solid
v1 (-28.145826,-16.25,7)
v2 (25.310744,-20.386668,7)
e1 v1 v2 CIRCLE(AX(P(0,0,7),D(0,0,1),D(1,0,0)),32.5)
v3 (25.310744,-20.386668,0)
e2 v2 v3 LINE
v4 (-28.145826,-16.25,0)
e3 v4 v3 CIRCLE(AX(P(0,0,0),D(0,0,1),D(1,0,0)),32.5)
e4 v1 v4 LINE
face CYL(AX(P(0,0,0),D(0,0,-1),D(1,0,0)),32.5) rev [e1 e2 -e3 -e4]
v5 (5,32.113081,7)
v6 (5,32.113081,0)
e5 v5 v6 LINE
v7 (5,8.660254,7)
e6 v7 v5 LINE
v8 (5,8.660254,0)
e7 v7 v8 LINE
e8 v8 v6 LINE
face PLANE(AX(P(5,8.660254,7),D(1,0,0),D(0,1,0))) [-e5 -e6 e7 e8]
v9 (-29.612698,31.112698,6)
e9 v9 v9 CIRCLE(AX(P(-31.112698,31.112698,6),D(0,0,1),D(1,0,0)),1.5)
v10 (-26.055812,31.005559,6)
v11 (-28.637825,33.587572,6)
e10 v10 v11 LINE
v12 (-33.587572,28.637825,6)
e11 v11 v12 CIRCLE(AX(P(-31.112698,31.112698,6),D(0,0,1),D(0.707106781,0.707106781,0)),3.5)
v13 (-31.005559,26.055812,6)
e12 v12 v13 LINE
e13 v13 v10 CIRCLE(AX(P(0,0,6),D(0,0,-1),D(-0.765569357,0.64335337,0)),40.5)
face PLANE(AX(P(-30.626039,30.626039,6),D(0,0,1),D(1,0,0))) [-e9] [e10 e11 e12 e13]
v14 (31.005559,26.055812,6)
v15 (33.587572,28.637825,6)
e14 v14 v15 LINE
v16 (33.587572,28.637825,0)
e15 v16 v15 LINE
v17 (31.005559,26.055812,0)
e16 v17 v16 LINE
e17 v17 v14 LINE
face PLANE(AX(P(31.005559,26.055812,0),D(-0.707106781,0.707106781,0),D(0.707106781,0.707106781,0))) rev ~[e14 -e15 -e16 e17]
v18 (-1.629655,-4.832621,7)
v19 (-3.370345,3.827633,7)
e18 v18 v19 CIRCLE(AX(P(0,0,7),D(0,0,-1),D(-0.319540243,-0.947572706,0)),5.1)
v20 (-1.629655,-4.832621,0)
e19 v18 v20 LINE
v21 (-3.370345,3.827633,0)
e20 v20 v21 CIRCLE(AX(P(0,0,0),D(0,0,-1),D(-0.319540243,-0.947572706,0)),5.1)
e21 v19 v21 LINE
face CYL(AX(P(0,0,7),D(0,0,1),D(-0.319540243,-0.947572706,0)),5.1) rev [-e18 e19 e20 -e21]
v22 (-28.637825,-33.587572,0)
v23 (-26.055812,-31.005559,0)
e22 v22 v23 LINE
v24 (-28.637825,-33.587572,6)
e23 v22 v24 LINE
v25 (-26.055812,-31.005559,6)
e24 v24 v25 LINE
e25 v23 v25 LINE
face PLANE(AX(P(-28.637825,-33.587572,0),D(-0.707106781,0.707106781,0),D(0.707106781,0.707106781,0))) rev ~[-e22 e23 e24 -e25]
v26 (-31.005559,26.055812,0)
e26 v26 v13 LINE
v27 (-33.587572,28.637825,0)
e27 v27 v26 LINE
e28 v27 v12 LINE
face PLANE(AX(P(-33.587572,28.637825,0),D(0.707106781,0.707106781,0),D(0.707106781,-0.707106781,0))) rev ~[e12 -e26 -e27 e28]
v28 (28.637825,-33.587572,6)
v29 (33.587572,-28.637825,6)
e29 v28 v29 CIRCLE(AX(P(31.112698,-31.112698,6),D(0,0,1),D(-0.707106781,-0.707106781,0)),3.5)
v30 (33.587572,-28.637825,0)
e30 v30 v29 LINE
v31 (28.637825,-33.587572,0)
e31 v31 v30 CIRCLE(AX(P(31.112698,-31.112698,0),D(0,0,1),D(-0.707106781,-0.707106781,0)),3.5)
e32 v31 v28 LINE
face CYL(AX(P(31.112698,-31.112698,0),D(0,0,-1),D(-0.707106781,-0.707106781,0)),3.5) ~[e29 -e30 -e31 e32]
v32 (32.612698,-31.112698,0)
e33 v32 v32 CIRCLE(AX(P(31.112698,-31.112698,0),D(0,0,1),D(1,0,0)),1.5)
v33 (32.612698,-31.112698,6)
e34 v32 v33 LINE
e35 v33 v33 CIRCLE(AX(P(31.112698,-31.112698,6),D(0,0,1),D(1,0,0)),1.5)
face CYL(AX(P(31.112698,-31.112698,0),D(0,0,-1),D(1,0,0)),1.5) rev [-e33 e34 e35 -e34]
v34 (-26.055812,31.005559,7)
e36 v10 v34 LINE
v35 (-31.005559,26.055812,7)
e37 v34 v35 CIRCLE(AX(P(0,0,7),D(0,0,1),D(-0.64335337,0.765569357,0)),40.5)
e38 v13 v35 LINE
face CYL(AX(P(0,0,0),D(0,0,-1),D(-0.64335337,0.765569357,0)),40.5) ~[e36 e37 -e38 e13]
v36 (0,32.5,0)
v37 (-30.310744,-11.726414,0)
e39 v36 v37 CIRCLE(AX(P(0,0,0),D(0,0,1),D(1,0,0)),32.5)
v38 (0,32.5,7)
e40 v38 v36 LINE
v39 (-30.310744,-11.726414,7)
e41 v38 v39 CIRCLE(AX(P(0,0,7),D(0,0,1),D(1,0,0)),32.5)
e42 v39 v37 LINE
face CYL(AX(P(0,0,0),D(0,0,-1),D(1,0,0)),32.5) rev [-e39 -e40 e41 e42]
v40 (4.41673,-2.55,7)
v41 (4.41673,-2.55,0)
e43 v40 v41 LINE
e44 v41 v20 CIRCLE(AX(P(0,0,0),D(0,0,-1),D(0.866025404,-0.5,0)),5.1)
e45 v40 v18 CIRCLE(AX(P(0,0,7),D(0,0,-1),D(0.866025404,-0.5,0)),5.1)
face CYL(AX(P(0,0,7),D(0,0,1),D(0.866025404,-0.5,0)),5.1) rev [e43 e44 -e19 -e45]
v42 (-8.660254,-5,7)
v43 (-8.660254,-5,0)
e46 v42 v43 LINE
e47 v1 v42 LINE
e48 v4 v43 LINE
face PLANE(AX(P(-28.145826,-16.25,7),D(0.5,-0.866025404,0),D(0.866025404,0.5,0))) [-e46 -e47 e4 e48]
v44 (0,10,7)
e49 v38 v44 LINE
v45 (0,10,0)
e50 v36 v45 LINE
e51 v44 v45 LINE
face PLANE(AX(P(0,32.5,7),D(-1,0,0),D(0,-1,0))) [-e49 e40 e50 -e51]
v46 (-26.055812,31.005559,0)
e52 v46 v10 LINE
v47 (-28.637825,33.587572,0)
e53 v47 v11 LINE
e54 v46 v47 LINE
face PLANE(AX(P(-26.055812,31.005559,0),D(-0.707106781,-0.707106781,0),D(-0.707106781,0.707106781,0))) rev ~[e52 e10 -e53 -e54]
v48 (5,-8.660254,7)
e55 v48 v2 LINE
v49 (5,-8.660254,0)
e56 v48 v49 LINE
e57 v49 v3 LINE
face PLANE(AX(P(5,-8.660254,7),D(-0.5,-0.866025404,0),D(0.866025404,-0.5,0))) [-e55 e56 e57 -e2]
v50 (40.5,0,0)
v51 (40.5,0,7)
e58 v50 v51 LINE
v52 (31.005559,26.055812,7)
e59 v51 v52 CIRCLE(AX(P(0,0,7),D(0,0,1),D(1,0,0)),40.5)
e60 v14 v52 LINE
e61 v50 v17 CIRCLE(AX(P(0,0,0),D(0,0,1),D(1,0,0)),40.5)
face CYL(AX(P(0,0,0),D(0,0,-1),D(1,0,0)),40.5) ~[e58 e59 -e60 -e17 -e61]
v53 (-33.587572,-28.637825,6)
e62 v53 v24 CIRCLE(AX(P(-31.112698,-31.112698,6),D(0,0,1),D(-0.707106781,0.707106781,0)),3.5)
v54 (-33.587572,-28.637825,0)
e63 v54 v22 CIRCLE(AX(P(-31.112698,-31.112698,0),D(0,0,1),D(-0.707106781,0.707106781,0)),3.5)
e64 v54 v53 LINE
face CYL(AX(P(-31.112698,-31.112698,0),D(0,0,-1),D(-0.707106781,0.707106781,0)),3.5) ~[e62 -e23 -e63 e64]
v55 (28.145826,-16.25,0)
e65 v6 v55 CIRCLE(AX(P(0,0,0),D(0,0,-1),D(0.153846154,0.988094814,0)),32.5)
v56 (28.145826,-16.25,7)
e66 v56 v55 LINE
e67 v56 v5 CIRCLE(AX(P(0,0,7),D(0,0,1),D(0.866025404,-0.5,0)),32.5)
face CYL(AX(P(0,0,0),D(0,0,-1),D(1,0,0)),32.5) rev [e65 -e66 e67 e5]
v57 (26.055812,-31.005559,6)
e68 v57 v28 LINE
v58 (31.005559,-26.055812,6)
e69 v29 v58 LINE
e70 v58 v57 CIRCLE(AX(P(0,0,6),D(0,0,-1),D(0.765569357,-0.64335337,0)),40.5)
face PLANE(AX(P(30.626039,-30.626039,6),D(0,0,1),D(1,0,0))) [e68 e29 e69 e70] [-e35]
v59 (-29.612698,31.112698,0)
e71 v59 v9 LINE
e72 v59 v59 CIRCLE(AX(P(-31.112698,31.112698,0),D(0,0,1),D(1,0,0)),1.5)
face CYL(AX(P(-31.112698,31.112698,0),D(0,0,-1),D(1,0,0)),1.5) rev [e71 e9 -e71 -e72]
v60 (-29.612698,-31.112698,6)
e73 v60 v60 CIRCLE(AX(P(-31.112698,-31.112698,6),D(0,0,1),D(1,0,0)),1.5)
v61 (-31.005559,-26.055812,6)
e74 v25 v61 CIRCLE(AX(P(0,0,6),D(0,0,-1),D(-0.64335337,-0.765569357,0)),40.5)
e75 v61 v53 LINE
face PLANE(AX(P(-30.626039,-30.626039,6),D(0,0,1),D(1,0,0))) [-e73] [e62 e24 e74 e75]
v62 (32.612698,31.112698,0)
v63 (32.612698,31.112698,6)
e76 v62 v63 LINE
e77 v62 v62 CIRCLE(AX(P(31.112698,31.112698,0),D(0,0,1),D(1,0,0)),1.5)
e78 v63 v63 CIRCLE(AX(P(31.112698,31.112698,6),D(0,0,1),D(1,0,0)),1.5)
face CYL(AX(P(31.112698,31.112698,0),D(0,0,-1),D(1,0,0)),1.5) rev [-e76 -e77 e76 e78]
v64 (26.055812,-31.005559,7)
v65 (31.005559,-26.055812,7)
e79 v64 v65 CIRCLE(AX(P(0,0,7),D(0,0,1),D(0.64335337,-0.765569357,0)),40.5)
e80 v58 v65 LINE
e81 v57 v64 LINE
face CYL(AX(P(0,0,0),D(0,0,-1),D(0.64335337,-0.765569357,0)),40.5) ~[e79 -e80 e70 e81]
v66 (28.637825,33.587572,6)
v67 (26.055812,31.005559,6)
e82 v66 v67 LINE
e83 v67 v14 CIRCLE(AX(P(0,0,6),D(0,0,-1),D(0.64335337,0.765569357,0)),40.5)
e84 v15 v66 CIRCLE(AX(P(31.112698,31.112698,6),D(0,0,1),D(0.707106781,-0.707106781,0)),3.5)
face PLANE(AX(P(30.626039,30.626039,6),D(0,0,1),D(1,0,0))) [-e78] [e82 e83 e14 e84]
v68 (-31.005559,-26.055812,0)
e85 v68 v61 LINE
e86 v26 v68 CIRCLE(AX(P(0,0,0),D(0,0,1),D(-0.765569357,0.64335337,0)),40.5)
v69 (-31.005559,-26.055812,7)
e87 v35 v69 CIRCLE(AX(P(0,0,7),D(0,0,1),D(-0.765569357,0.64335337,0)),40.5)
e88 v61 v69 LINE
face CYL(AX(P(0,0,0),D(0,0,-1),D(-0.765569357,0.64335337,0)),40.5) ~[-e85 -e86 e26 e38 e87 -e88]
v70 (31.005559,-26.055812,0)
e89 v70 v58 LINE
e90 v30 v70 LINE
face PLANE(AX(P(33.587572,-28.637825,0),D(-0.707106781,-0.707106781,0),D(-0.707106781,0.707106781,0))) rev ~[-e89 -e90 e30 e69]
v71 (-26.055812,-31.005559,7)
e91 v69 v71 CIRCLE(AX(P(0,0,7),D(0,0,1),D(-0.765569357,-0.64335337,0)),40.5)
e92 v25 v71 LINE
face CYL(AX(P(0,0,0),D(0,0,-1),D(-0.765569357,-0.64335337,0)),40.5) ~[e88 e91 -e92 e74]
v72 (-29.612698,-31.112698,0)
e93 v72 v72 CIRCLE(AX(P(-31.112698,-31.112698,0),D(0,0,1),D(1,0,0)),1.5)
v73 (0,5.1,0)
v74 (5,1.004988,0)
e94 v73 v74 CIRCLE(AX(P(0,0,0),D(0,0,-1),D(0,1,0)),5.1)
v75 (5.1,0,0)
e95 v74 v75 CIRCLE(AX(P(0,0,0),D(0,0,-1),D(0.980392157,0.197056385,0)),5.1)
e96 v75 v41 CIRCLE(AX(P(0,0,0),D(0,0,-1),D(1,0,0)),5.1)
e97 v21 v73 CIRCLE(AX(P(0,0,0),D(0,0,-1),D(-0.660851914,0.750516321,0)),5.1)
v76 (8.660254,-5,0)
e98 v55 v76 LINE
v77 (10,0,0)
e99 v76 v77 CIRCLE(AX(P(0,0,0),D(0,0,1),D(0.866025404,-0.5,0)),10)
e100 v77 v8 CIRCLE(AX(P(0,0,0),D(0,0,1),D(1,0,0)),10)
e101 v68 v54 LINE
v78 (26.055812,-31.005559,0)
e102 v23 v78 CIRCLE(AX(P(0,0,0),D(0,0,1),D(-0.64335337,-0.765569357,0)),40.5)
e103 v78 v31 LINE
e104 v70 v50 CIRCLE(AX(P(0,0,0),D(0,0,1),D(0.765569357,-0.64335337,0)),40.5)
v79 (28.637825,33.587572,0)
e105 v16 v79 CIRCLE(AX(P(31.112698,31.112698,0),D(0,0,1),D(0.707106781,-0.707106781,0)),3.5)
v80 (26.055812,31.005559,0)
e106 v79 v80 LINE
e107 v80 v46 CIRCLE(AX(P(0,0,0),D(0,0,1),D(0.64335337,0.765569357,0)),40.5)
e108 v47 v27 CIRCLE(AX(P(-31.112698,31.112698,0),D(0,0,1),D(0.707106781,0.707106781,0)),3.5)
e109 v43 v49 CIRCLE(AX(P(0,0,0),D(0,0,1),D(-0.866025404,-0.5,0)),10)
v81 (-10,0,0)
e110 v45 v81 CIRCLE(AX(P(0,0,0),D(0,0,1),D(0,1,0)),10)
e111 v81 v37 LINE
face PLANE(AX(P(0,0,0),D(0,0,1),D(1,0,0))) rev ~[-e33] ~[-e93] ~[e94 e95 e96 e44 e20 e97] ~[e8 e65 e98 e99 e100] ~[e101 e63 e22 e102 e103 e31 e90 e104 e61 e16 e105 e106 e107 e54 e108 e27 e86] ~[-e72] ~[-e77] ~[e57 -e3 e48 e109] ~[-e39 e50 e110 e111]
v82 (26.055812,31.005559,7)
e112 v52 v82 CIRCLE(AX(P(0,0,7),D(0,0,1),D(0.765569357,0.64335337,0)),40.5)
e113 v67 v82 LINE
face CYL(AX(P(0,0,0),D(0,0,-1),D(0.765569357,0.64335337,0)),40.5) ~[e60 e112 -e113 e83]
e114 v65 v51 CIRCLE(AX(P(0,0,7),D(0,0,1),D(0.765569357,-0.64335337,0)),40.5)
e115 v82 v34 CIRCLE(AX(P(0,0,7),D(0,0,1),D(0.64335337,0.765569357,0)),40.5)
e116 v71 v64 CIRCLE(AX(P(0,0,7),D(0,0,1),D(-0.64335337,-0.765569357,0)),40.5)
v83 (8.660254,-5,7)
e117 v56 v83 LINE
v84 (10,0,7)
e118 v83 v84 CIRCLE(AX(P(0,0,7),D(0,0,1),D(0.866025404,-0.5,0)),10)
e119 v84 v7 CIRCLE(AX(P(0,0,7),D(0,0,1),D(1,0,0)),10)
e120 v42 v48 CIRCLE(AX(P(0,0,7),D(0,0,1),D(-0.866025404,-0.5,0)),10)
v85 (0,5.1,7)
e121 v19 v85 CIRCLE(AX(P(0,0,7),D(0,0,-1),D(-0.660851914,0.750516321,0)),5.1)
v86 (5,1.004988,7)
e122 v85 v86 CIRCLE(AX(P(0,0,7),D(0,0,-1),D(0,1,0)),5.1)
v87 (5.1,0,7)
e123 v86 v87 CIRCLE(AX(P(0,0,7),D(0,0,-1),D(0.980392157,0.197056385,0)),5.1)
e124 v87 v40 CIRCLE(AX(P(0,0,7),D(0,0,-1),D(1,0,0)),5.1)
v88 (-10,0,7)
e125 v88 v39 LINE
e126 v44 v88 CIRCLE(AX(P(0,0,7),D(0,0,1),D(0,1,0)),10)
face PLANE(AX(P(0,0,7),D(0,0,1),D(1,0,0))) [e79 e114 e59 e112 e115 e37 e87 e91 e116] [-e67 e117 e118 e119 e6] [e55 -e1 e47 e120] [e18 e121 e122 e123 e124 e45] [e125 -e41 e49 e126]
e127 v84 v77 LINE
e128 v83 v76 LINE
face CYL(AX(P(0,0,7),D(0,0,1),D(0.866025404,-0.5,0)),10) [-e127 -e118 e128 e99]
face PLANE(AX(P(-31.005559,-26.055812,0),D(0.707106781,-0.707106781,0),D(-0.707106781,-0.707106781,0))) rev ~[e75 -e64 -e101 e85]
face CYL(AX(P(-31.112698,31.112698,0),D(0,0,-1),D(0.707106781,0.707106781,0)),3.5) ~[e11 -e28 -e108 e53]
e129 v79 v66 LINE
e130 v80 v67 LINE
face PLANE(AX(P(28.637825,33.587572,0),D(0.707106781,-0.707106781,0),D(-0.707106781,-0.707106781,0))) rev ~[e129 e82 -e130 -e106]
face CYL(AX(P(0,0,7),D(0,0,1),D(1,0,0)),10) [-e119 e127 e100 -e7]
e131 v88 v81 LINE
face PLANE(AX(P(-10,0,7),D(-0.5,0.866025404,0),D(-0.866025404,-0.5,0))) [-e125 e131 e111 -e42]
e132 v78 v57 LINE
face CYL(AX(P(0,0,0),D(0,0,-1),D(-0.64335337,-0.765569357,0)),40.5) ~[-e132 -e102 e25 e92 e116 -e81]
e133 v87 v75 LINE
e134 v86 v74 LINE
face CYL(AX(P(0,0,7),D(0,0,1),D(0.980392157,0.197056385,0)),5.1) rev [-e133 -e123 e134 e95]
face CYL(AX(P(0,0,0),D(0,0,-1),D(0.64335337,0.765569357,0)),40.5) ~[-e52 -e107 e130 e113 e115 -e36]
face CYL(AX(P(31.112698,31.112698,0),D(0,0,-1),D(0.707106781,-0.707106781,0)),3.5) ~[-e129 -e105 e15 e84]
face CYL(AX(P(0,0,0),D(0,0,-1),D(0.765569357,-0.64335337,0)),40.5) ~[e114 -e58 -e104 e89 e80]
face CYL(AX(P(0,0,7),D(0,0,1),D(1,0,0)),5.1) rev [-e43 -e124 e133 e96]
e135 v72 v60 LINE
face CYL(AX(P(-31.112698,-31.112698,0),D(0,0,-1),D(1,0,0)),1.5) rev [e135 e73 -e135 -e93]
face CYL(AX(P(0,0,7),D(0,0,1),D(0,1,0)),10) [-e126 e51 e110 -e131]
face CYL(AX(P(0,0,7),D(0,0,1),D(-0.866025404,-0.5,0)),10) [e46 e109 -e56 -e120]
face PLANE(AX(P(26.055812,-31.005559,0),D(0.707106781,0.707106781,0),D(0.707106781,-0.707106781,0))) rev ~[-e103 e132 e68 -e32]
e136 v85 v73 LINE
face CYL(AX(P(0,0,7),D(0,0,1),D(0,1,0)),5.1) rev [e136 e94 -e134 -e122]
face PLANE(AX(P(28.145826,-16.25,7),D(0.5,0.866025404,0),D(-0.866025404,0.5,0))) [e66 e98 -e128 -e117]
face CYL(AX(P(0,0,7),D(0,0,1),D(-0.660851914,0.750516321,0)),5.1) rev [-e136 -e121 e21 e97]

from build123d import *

# Parameters (mm, degrees)
F0_R     = 37
F1_DEPTH = 7
F0_R_2   = 1.5
F2_DEPTH = 6
F0_R_3   = 32.5
F3_DEPTH = 7
F5_DEPTH = 7


with BuildPart() as f1:
    # F0 (on Top) → F1 (new body)
    with BuildSketch(Plane.XY):
        with BuildLine():
            ThreePointArc((31.0055589695, -26.0558115012), (38.0524318426, -13.8658728851), (40.5, 0))
            ThreePointArc((40.5, 0), (38.0524318426, 13.8658728851), (31.0055589695, 26.0558115012))
            ThreePointArc((31.0055589695, 26.0558115012), (28.6378246381, 28.6378246381), (26.0558115012, 31.0055589695))
            ThreePointArc((26.0558115012, 31.0055589695), (0, 40.5), (-26.0558115012, 31.0055589695))
            ThreePointArc((-26.0558115012, 31.0055589695), (-28.6378246381, 28.6378246381), (-31.0055589695, 26.0558115012))
            ThreePointArc((-31.0055589695, 26.0558115012), (-40.5, 0), (-31.0055589695, -26.0558115012))
            ThreePointArc((-31.0055589695, -26.0558115012), (-28.6378246381, -28.6378246381), (-26.0558115012, -31.0055589695))
            ThreePointArc((-26.0558115012, -31.0055589695), (0, -40.5), (26.0558115012, -31.0055589695))
            ThreePointArc((26.0558115012, -31.0055589695), (28.6378246381, -28.6378246381), (31.0055589695, -26.0558115012))
        make_face()
        Circle(F0_R, mode=Mode.SUBTRACT)
    extrude(amount=F1_DEPTH)

    # F0 (on Top) → F2 (join)
    with BuildSketch(Plane.XY):
        with BuildLine():
            Line((-28.6378246381, -33.5875721064), (-26.0558115012, -31.0055589695))
            ThreePointArc((-26.0558115012, -31.0055589695), (-28.6378246381, -28.6378246381), (-31.0055589695, -26.0558115012))
            Line((-31.0055589695, -26.0558115012), (-33.5875721064, -28.6378246381))
            ThreePointArc((-33.5875721064, -28.6378246381), (-33.5875721064, -33.5875721064), (-28.6378246381, -33.5875721064))
        make_face()
        with Locations((-31.1126983722, -31.1126983722)):
            Circle(F0_R_2, mode=Mode.SUBTRACT)
        with BuildLine():
            Line((33.5875721064, -28.6378246381), (31.0055589695, -26.0558115012))
            ThreePointArc((31.0055589695, -26.0558115012), (28.6378246381, -28.6378246381), (26.0558115012, -31.0055589695))
            Line((26.0558115012, -31.0055589695), (28.6378246381, -33.5875721064))
            ThreePointArc((28.6378246381, -33.5875721064), (33.5875721064, -33.5875721064), (33.5875721064, -28.6378246381))
        make_face()
        with Locations((31.1126983722, -31.1126983722)):
            Circle(F0_R_2, mode=Mode.SUBTRACT)
        with BuildLine():
            ThreePointArc((26.0558115012, 31.0055589695), (28.6378246381, 28.6378246381), (31.0055589695, 26.0558115012))
            Line((31.0055589695, 26.0558115012), (33.5875721064, 28.6378246381))
            ThreePointArc((33.5875721064, 28.6378246381), (33.5875721064, 33.5875721064), (28.6378246381, 33.5875721064))
            Line((28.6378246381, 33.5875721064), (26.0558115012, 31.0055589695))
        make_face()
        with Locations((31.1126983722, 31.1126983722)):
            Circle(F0_R_2, mode=Mode.SUBTRACT)
        with BuildLine():
            ThreePointArc((-31.0055589695, 26.0558115012), (-28.6378246381, 28.6378246381), (-26.0558115012, 31.0055589695))
            Line((-26.0558115012, 31.0055589695), (-28.6378246381, 33.5875721064))
            ThreePointArc((-28.6378246381, 33.5875721064), (-33.5875721064, 33.5875721064), (-33.5875721064, 28.6378246381))
            Line((-33.5875721064, 28.6378246381), (-31.0055589695, 26.0558115012))
        make_face()
        with Locations((-31.1126983722, 31.1126983722)):
            Circle(F0_R_2, mode=Mode.SUBTRACT)
    extrude(amount=F2_DEPTH)

    # F0 (on Top) → F3 (join)
    with BuildSketch(Plane.XY):
        Circle(F0_R)
        Circle(F0_R_3, mode=Mode.SUBTRACT)
    extrude(amount=F3_DEPTH)

    # F4 (on face) → F5 (join)
    with BuildSketch(Plane.XY.offset(7)):
        with BuildLine():
            ThreePointArc((0, 10), (2.588190451, 9.6592582629), (5, 8.6602540378))
            Line((5, 8.6602540378), (5, 32.1130814467))
            ThreePointArc((5, 32.1130814467), (2.5074741258, 32.4031259836), (0, 32.5))
            Line((0, 32.5), (0, 10))
        make_face()
        with BuildLine():
            ThreePointArc((5, 1.0049875621), (5.0749384233, 0.5049752469), (5.1, 0))
            ThreePointArc((5.1, 0), (4.9262217141, -1.31997713), (4.4167295593, -2.55))
            Line((4.4167295593, -2.55), (8.6602540378, -5))
            ThreePointArc((8.6602540378, -5), (9.6592582629, -2.588190451), (10, 0))
            ThreePointArc((10, 0), (8.6602540378, 5), (5, 8.6602540378))
            Line((5, 8.6602540378), (5, 1.0049875621))
        make_face()
        with BuildLine():
            ThreePointArc((0, 5.1), (3.2314519518, 3.9455947946), (5, 1.0049875621))
            Line((5, 1.0049875621), (5, 8.6602540378))
            ThreePointArc((5, 8.6602540378), (2.588190451, 9.6592582629), (0, 10))
            Line((0, 10), (0, 5.1))
        make_face()
        with BuildLine():
            ThreePointArc((-3.3703447593, 3.8276332379), (-1.8012593493, 4.7713168787), (0, 5.1))
            Line((0, 5.1), (0, 10))
            ThreePointArc((0, 10), (-7.0710678119, 7.0710678119), (-10, 0))
            Line((-10, 0), (-3.3703447593, 3.8276332379))
        make_face()
        with BuildLine():
            ThreePointArc((-4.4167295593, -2.55), (-5.0327113011, 0.825722084), (-3.3703447593, 3.8276332379))
            Line((-3.3703447593, 3.8276332379), (-10, 0))
            ThreePointArc((-10, 0), (-9.6592582629, -2.588190451), (-8.6602540378, -5))
            Line((-8.6602540378, -5), (-4.4167295593, -2.55))
        make_face()
        with BuildLine():
            Line((5, -8.6602540378), (-1.6296552407, -4.8326208))
            ThreePointArc((-1.6296552407, -4.8326208), (-3.2314519518, -3.9455947946), (-4.4167295593, -2.55))
            Line((-4.4167295593, -2.55), (-8.6602540378, -5))
            ThreePointArc((-8.6602540378, -5), (-2.588190451, -9.6592582629), (5, -8.6602540378))
        make_face()
        with BuildLine():
            Line((8.6602540378, -5), (4.4167295593, -2.55))
            ThreePointArc((4.4167295593, -2.55), (1.8012593493, -4.7713168787), (-1.6296552407, -4.8326208))
            Line((-1.6296552407, -4.8326208), (5, -8.6602540378))
            ThreePointArc((5, -8.6602540378), (7.0710678119, -7.0710678119), (8.6602540378, -5))
        make_face()
        with BuildLine():
            Line((28.145825623, -16.25), (8.6602540378, -5))
            ThreePointArc((8.6602540378, -5), (7.0710678119, -7.0710678119), (5, -8.6602540378))
            Line((5, -8.6602540378), (25.3107443266, -20.3866677423))
            ThreePointArc((25.3107443266, -20.3866677423), (26.8081932009, -18.3730992841), (28.145825623, -16.25))
        make_face()
        with BuildLine():
            ThreePointArc((-8.6602540378, -5), (-9.6592582629, -2.588190451), (-10, 0))
            Line((-10, 0), (-30.3107443266, -11.7264137044))
            ThreePointArc((-30.3107443266, -11.7264137044), (-29.3156673267, -14.0300266995), (-28.145825623, -16.25))
            Line((-28.145825623, -16.25), (-8.6602540378, -5))
        make_face()
    extrude(amount=-F5_DEPTH)


solid = f1.part
